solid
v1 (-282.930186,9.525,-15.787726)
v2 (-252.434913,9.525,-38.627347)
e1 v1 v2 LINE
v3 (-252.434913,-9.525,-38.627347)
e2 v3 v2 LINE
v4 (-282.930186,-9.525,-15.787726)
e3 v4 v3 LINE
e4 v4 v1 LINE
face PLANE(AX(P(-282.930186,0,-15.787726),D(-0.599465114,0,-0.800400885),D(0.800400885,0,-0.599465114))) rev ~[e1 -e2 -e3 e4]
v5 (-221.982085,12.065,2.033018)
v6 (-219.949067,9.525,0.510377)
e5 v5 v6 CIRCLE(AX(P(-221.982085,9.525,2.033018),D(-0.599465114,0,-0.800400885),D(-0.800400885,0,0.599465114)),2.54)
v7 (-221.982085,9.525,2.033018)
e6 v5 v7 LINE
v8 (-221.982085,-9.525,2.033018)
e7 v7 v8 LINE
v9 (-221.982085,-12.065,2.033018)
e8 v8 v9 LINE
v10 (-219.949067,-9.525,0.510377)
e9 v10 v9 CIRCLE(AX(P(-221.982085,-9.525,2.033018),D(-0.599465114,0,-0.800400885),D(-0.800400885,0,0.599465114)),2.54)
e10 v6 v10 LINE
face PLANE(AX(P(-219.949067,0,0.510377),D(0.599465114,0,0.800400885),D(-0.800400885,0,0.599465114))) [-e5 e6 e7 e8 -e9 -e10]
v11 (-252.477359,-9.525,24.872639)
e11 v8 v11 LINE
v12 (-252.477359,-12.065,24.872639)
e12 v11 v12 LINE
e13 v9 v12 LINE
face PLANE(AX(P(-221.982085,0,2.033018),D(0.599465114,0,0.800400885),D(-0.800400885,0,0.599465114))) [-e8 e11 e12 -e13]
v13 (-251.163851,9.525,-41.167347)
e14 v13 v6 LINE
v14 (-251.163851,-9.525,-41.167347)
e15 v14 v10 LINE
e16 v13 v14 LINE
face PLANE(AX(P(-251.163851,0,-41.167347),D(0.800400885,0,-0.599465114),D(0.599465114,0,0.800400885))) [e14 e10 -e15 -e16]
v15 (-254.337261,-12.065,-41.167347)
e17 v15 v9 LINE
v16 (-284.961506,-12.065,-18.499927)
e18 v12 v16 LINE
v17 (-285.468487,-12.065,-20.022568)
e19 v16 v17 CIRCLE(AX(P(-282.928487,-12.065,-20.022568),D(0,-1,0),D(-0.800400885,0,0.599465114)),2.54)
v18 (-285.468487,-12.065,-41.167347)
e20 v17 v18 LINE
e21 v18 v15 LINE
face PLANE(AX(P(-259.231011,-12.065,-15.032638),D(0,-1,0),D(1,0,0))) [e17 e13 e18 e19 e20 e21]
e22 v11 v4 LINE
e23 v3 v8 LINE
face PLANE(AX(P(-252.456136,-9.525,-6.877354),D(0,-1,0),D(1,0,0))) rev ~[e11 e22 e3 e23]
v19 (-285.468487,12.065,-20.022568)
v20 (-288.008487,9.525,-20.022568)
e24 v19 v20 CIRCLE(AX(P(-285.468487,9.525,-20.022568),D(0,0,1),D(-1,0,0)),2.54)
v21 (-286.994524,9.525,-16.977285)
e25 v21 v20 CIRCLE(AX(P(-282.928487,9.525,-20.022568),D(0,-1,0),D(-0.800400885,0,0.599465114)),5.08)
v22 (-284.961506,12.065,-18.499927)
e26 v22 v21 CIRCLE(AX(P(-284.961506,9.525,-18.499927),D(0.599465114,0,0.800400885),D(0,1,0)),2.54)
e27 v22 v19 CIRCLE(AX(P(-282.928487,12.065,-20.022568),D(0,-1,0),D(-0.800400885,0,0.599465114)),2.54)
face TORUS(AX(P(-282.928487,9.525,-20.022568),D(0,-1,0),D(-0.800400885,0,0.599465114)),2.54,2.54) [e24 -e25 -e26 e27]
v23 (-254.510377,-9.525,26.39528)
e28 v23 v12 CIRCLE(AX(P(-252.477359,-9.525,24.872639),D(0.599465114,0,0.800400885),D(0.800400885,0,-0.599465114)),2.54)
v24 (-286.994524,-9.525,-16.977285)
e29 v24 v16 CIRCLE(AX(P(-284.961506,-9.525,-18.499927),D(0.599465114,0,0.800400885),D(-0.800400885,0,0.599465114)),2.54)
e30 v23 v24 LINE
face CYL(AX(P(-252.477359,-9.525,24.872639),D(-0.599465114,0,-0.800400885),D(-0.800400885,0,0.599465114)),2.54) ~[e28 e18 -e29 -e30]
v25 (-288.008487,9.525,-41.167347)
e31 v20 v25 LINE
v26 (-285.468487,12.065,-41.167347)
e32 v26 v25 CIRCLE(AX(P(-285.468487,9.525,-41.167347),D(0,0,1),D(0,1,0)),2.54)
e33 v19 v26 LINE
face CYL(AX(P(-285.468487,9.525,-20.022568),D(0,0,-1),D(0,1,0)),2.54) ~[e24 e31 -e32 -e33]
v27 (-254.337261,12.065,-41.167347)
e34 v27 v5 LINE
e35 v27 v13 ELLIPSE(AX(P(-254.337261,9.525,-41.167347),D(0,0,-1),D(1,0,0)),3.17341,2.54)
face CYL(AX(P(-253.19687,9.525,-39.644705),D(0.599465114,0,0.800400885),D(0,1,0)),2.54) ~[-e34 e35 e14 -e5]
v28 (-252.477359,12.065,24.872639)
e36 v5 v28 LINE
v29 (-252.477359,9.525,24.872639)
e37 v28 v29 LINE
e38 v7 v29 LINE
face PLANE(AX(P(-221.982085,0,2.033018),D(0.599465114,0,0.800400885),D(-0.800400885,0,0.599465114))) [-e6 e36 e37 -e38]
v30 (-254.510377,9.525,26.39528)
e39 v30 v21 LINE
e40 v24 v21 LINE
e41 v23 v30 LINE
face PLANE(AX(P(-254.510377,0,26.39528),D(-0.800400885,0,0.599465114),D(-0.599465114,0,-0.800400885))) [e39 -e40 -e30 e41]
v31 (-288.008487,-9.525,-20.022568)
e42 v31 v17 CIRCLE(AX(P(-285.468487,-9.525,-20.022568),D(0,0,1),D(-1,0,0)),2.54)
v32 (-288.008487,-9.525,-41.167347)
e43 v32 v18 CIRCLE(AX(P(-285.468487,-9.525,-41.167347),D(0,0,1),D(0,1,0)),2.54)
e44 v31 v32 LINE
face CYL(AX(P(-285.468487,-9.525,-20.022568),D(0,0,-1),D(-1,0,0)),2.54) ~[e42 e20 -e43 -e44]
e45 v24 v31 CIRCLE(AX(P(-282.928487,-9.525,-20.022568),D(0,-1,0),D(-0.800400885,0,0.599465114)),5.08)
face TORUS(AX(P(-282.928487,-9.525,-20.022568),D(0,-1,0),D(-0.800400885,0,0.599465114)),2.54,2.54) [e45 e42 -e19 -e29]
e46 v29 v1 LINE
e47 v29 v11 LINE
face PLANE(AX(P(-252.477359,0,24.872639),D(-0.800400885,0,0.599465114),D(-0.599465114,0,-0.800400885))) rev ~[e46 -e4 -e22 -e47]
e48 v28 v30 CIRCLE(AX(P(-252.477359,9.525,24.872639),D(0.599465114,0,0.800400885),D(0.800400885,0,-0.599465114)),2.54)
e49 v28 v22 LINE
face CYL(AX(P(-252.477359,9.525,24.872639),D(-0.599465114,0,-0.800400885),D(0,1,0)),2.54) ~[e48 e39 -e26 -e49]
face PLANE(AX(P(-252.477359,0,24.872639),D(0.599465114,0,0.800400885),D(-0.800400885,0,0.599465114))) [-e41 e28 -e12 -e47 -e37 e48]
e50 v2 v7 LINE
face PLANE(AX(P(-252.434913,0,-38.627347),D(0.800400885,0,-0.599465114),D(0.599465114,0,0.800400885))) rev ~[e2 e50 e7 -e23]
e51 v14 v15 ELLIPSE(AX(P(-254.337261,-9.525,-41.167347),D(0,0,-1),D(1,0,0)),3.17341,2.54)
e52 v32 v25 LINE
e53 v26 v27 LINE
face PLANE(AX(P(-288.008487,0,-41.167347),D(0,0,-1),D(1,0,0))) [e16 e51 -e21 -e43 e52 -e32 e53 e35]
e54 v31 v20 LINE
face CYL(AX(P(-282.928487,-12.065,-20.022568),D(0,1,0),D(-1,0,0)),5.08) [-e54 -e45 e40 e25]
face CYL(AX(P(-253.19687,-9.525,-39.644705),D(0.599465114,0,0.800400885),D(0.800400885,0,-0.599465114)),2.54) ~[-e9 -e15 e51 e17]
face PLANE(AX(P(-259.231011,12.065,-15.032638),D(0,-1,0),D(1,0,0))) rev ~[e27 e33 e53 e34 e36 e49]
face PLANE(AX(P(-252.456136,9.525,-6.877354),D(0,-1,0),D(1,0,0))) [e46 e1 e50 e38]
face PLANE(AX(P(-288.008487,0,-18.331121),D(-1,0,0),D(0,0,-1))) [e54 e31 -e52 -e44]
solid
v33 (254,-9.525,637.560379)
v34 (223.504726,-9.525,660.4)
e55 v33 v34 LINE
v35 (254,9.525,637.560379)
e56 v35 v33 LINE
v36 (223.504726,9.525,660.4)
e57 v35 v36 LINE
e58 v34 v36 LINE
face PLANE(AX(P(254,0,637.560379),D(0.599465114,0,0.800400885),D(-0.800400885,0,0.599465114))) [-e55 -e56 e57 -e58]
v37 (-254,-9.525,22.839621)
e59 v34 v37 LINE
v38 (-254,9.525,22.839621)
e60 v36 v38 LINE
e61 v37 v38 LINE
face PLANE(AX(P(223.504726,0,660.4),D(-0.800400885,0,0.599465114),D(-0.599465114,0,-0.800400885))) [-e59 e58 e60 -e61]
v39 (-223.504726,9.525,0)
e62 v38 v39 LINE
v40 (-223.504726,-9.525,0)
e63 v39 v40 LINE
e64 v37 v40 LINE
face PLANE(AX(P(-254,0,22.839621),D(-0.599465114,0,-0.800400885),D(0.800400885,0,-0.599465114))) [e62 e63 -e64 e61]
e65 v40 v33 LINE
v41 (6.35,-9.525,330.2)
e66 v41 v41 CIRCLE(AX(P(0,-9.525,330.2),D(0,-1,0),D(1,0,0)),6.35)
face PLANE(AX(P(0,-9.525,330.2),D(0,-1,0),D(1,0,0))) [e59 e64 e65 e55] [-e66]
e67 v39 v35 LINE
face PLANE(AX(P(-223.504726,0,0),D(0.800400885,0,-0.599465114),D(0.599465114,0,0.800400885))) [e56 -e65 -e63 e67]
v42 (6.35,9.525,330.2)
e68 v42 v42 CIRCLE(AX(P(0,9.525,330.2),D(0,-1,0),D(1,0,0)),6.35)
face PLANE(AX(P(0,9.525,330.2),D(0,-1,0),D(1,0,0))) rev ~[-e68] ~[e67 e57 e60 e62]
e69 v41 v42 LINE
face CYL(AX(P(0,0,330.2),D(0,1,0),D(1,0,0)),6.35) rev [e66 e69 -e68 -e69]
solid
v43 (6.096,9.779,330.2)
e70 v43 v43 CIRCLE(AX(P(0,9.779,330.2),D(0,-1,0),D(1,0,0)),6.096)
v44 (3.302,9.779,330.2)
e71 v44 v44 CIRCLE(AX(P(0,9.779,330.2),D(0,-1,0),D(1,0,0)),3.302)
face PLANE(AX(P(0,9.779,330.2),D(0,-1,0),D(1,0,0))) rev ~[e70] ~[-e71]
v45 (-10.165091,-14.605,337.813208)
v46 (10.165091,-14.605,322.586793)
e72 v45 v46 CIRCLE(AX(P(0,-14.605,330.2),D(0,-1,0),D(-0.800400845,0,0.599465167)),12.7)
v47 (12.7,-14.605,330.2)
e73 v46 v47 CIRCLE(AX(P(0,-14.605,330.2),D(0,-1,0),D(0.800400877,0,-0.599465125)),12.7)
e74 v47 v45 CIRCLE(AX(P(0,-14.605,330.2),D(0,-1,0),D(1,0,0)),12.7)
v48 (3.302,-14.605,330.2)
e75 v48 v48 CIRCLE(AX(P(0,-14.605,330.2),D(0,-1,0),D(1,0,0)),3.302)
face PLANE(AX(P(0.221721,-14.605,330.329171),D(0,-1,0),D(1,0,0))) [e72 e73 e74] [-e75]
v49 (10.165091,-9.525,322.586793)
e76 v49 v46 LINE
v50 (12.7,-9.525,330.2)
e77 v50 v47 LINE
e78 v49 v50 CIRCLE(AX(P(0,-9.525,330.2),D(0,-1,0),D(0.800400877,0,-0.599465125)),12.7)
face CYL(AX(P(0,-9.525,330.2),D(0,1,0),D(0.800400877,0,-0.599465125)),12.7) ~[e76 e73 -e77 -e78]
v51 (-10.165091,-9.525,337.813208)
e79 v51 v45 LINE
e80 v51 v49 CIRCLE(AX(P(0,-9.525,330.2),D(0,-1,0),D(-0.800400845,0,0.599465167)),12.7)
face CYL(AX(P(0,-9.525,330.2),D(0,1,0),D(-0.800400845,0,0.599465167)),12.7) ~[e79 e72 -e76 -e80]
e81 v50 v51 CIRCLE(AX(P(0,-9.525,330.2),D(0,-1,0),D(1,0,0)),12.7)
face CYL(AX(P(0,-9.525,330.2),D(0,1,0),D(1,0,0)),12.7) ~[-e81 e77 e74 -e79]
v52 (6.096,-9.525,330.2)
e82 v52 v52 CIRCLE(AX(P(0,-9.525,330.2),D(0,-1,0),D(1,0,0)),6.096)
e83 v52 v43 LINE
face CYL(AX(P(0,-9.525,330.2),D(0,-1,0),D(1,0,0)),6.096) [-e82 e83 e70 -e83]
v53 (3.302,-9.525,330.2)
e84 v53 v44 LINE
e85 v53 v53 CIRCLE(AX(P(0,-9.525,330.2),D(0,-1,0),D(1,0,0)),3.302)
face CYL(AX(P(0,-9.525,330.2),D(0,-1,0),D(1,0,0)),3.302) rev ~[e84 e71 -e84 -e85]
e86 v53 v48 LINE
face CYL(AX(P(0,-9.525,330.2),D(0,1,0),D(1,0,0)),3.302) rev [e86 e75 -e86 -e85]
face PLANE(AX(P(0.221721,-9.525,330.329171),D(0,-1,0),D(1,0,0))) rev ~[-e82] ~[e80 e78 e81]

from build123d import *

# Parameters (mm, degrees)
F0_R     = 6.35
F2_DEPTH = 9.525
F3_DEPTH = 12.065
F4_DEPTH = 9.525
F5_R     = 6.35
F5_R_2   = 6.096
F5_R_3   = 3.302
F6_DEPTH = 5.08
F7_DEPTH = 19.304
F8_R     = 5.08
F9_R     = 2.54


with BuildPart() as f2:
    # F0 (on Front) → F2 (new body, symmetric)
    with BuildSketch(Plane.XZ):
        Polygon((-254, 22.8396208531), (-223.5047262796, 0), (254, 637.5603791469), (223.5047262796, 660.4), align=None)
        with Locations((0, 330.2)):
            Circle(F0_R, mode=Mode.SUBTRACT)
    extrude(amount=F2_DEPTH, both=True)


with BuildPart() as f3:
    # F1 (on Front) → F3 (new body, symmetric)
    with BuildSketch(Plane.XZ):
        Polygon((-288.0084874424, -41.1673467126), (-251.1638513682, -41.1673467126), (-219.9490666413, 0.5103768578), (-221.9820848893, 2.033018248), (-252.4349126935, -38.6273467126), (-282.930186414, -15.7877258594), (-252.4773586098, 24.8726391012), (-254.5103768578, 26.3952804914), (-288.0084874424, -18.3311209653), align=None)
        Polygon((-252.4349126935, -38.6273467126), (-221.9820848893, 2.033018248), (-252.4773586098, 24.8726391012), (-282.930186414, -15.7877258594), align=None)
    extrude(amount=F3_DEPTH, both=True)

    # F1 (on Front) → F4 (cut, symmetric)
    with BuildSketch(Plane.XZ):
        Polygon((-252.4349126935, -38.6273467126), (-221.9820848893, 2.033018248), (-252.4773586098, 24.8726391012), (-282.930186414, -15.7877258594), align=None)
    extrude(amount=F4_DEPTH, both=True, mode=Mode.SUBTRACT)

    # F8
    f8_edges = [f3.edges().sort_by_distance(p)[0] for p in [
        (-288.008487, 0, -18.331121),
    ]]
    fillet(f8_edges, radius=F8_R)

    # F9
    f9_edges = [f3.edges().sort_by_distance(p)[0] for p in [
        (-270.75245, -12.065, 4.708998),
        (-235.556459, -12.065, -20.328485),
        (-235.556459, 12.065, -20.328485),
        (-270.75245, 12.065, 4.708998),
    ]]
    fillet(f9_edges, radius=F9_R)


with BuildPart() as f6:
    # F5 (on face) → F6 (new body)
    with BuildSketch(Plane.XZ.offset(9.525)):
        with BuildLine():
            ThreePointArc((12.7, 330.2), (4.0120660301, 342.2496193372), (-10.1650907355, 337.8132076249))
            ThreePointArc((-10.1650907355, 337.8132076249), (-7.613207358, 320.0349090647), (10.1650911352, 322.5867929088))
            ThreePointArc((10.1650911352, 322.5867929088), (12.0496194425, 326.1879342862), (12.7, 330.2))
        make_face()
        with Locations((0, 330.2)):
            Circle(F5_R, mode=Mode.SUBTRACT)
        with Locations((0, 330.2)):
            Circle(F5_R)
        with Locations((0, 330.2)):
            Circle(F5_R_2, mode=Mode.SUBTRACT)
        with Locations((0, 330.2)):
            Circle(F5_R_2)
        with Locations((0, 330.2)):
            Circle(F5_R_3, mode=Mode.SUBTRACT)
    extrude(amount=F6_DEPTH)

    # F5 (on face) → F7 (join)
    with BuildSketch(Plane.XZ.offset(9.525)):
        with Locations((0, 330.2)):
            Circle(F5_R_2)
        with Locations((0, 330.2)):
            Circle(F5_R_3, mode=Mode.SUBTRACT)
    extrude(amount=-F7_DEPTH)


solid = Compound([f2.part, f3.part, f6.part])
